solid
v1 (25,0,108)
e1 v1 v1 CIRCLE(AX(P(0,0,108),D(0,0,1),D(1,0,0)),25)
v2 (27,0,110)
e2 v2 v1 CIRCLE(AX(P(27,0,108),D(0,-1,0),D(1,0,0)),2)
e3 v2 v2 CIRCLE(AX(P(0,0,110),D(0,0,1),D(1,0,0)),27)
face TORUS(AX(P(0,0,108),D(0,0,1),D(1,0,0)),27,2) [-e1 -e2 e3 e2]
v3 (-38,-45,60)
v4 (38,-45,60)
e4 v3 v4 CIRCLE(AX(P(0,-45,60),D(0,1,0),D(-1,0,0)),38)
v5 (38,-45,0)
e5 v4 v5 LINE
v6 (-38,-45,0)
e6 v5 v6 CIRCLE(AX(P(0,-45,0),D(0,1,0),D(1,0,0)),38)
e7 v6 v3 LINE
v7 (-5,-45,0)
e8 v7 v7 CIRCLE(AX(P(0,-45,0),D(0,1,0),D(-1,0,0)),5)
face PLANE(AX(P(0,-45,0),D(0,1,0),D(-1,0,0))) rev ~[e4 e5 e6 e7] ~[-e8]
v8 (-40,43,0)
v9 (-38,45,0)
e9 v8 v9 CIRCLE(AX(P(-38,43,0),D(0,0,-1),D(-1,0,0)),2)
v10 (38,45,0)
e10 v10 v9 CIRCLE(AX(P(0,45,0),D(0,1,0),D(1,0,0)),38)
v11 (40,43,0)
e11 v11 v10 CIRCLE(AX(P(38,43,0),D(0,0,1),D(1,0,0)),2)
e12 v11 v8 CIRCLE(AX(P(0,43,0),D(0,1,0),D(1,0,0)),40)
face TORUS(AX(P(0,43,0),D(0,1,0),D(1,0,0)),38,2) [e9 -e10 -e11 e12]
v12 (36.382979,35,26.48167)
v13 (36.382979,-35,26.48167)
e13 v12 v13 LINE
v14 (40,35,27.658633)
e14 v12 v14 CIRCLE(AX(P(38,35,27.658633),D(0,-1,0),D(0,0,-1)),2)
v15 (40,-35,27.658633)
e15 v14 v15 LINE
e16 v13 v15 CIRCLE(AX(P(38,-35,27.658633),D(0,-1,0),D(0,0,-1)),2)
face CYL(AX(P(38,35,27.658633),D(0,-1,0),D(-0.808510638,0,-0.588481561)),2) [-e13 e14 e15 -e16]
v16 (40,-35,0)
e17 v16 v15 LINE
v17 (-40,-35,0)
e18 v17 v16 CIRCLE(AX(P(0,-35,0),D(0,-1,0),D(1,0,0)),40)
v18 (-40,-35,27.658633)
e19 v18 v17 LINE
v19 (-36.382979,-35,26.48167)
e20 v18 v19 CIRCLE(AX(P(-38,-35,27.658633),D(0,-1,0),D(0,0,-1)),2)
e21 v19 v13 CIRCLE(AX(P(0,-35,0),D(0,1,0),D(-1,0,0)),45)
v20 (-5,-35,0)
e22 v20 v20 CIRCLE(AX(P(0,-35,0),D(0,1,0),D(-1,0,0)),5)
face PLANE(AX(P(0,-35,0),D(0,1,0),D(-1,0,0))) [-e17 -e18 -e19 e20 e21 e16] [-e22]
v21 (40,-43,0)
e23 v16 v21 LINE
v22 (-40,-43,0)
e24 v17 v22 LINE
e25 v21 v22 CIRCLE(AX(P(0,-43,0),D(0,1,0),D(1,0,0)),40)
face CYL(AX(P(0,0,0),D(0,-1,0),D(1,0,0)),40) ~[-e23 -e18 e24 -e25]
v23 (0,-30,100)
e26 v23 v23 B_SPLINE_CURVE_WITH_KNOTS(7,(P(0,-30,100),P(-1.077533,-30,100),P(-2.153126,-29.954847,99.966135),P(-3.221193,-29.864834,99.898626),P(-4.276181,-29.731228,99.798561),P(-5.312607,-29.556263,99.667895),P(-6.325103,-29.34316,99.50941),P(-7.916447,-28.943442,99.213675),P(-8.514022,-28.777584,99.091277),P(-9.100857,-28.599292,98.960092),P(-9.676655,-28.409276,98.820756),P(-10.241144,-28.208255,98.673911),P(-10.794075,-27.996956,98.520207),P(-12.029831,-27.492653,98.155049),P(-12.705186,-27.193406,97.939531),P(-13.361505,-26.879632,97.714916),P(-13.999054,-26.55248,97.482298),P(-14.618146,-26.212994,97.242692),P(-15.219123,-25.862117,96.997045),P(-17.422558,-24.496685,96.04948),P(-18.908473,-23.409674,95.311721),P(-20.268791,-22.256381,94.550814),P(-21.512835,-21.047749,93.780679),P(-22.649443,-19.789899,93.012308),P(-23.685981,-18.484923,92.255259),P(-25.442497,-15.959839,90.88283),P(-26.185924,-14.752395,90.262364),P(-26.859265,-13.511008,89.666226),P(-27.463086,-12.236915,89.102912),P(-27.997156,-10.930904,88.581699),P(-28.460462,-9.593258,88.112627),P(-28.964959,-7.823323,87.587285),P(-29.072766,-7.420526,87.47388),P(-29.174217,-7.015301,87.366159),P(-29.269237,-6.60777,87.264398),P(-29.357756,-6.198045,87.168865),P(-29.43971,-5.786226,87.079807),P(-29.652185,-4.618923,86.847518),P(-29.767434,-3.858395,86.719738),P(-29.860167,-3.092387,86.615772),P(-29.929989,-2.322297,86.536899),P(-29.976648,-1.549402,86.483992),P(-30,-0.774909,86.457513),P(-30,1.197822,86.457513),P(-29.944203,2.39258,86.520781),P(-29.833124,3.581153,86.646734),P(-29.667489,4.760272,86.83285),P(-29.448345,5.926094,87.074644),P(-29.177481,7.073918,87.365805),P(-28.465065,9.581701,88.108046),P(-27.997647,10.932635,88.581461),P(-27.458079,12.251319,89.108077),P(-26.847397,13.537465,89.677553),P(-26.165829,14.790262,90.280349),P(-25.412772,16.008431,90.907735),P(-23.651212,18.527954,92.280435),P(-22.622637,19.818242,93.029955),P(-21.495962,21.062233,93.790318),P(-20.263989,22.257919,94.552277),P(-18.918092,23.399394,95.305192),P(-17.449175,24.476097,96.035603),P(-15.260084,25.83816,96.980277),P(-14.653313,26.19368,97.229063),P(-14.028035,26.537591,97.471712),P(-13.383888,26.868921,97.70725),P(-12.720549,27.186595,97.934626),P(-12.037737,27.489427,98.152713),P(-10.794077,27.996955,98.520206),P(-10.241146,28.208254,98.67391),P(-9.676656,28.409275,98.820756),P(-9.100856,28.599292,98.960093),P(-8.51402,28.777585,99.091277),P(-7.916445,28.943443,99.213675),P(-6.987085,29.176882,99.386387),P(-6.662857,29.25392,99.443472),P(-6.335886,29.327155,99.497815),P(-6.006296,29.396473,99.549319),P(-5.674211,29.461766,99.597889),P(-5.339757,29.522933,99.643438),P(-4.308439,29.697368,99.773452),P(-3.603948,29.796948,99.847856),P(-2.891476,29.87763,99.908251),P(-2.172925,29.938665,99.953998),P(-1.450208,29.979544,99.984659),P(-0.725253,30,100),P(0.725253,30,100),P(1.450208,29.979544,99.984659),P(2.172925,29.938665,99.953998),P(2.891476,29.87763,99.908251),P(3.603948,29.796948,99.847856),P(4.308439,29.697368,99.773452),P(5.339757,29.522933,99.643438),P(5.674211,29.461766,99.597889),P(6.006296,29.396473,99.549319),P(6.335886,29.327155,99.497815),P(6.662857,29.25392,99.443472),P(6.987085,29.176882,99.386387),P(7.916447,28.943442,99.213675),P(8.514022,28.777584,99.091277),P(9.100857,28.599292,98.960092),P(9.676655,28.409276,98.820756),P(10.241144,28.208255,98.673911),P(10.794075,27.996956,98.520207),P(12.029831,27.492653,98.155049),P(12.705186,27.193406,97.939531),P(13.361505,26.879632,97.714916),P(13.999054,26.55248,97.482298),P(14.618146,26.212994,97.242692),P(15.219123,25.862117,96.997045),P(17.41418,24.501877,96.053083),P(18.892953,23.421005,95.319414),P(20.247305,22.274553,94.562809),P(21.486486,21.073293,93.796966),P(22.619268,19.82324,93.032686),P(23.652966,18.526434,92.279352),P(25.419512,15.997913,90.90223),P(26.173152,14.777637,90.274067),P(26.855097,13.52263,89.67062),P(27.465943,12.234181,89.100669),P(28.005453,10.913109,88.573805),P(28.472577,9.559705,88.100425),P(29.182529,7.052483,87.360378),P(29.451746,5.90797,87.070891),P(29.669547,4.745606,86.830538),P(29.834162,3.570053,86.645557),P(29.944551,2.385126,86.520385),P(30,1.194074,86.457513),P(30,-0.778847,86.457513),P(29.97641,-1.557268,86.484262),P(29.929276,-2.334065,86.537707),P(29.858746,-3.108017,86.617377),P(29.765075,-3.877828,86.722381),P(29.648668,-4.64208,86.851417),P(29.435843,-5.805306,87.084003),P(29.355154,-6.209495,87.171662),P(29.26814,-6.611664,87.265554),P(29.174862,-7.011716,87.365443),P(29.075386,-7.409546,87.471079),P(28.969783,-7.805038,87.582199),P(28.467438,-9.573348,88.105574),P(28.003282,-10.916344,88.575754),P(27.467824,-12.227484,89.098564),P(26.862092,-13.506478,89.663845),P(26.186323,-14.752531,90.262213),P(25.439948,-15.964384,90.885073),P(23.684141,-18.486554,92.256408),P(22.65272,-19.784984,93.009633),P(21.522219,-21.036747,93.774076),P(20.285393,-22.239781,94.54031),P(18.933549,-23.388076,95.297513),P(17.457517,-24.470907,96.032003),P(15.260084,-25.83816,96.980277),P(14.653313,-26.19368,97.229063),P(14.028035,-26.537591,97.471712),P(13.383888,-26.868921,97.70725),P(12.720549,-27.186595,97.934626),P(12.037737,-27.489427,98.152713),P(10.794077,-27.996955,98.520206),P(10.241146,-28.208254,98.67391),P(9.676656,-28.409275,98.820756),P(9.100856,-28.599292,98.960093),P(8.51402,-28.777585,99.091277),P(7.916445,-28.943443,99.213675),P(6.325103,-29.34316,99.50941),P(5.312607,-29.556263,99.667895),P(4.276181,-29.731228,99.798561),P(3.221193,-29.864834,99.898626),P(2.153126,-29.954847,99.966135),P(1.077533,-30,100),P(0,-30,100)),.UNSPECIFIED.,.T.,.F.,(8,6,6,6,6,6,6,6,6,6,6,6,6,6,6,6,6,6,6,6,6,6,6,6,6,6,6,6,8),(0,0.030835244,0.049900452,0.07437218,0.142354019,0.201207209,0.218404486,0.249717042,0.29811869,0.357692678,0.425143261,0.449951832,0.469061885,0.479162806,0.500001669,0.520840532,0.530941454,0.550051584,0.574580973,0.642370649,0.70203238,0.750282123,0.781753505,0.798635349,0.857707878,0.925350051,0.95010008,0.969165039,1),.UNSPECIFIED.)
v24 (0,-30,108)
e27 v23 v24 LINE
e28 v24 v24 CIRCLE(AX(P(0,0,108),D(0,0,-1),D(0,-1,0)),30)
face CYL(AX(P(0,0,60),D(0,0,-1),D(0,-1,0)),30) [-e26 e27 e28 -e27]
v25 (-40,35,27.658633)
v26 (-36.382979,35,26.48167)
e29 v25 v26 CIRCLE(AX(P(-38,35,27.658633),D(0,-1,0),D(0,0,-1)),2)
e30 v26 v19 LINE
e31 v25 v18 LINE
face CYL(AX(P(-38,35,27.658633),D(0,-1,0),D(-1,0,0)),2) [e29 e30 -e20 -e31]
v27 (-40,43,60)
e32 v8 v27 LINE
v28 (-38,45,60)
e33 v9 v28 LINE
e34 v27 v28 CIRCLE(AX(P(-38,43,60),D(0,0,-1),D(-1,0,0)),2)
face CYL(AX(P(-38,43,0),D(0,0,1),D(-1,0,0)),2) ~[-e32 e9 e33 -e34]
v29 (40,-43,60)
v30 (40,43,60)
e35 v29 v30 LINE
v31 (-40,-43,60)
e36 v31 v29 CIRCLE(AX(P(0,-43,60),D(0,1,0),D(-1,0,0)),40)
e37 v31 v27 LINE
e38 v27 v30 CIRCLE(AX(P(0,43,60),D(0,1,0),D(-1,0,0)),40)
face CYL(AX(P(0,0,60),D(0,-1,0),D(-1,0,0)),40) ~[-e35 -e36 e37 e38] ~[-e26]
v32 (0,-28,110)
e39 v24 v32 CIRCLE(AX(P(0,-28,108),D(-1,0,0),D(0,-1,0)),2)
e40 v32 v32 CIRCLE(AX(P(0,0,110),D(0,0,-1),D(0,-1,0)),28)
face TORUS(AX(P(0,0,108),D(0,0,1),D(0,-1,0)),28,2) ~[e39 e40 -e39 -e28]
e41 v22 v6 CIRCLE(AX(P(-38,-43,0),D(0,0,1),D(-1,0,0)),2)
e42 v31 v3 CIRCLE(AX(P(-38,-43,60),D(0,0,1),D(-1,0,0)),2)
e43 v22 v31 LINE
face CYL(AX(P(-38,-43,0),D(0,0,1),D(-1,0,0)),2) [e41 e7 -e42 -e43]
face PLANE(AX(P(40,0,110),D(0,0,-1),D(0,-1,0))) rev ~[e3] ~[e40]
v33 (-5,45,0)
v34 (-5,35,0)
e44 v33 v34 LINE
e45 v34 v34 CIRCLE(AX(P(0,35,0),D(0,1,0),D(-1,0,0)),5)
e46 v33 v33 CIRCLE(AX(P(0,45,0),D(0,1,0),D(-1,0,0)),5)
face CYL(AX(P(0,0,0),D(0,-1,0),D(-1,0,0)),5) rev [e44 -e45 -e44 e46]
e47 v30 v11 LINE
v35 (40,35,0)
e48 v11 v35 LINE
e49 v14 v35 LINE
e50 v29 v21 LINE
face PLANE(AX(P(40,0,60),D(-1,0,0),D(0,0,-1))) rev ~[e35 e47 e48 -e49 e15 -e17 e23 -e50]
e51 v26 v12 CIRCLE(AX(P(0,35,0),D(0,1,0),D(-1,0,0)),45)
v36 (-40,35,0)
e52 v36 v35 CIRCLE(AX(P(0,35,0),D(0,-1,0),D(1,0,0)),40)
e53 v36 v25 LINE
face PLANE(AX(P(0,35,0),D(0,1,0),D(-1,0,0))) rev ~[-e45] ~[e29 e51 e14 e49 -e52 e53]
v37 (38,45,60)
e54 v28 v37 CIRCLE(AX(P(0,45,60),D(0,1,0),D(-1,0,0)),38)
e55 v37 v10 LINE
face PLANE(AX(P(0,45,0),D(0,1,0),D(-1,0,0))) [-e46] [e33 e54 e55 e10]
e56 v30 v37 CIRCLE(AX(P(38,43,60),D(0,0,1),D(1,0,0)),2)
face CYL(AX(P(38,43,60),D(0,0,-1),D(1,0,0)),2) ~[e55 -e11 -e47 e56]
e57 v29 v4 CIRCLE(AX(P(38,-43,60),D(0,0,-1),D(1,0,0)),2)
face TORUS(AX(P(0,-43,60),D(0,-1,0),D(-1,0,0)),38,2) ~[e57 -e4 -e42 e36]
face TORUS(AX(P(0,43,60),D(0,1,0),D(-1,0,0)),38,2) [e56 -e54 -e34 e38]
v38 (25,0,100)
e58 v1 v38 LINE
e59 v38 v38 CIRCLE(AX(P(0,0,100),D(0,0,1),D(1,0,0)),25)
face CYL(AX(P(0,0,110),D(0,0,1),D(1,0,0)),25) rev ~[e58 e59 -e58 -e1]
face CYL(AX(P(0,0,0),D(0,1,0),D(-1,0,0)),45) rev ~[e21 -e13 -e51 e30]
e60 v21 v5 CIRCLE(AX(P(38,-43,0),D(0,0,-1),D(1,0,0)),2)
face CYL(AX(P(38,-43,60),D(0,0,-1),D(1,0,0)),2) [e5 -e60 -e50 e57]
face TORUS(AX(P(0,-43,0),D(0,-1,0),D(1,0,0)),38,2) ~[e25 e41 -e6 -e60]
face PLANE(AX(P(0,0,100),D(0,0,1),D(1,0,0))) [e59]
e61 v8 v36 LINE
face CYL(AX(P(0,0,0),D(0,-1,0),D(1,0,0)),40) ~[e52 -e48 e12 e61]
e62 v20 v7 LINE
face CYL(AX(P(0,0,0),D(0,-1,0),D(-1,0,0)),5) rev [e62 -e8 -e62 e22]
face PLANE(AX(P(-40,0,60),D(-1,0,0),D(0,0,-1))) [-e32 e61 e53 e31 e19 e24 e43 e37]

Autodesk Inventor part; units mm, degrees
ref_plane "YZ Plane" through (0, 0, 0) normal (1, 0, 0) x (0, 1, 0)
ref_plane "XZ Plane" through (0, 0, 0) normal (0, 1, 0) x (-1, 0, 0)
sketch "Sketch1" plane through (0, 0, 0) normal (0, 1, 0) x (-1, 0, 0)
  arc A0 (26.4575, 30) -> (-26.4575, 30) centre (0, 0) ccw construction
  arc A1 (40, 60) -> (-40, 60) centre (0, 60) ccw
  line L0 (0, 100) -> (0, 0) construction
  line L1 (40, 60) -> (40, 0)
  line L2 (-40, 60) -> (-40, 0)
  arc A2 (26.4575, 30) -> (40, 60) centre (0, 60) ccw construction
  arc A3 (40, 0) -> (26.4575, 30) centre (0, 0) ccw construction
  arc A4 (-40, 60) -> (26.4575, 30) centre (0, 60) ccw construction
  arc A5 (-26.4575, 30) -> (-40, 0) centre (0, 0) ccw construction
  arc A6 (-40, 0) -> (40, 0) centre (0, 0) ccw
  circle A7 centre (0, 0) radius 5
  dimension "d0" = 80
  dimension "d1" = 80
  dimension "d2" = 100
  dimension "d3" = 10
extrude "Extrusion1" add sketch "Sketch1" along normal mid plane 90
sketch "Sketch2" plane through (0, 0, 0) normal (0, 1, 0) x (-1, 0, 0)
  circle A0 centre (0, 0) radius 5 projected
  circle A1 centre (0, 0) radius 45
  dimension "d6" = 90
extrude "Extrusion2" cut sketch "Sketch2" along normal mid plane 70
fillet "Fillet1" radius 2 10 edges at (40, 0, 20.6155) (-40, 0, 20.6155) (0, 45, -40) (-40, 45, 30) (0, 45, 100) (40, 45, 30) (0, -45, 100) (-40, -45, 30) (0, -45, -40) (40, -45, 30)
ref_plane "Work Plane1" through (40, 0, 60) normal (0, 0, -1) x (0, -1, 0)
sketch "Sketch3" plane through (40, 0, 60) normal (0, 0, -1) x (0, -1, 0)
  circle A0 centre (0, 40) radius 30
  line L0 (0, 40) -> (0, 40)
  dimension "d10" = 60
  dimension "d11" = 0
extrude "Extrusion3" add sketch "Sketch3" against normal blind 50
sketch "Sketch4" plane through (0, 0, 110) normal (0, 0, 1) x (1, 0, 0)
  circle A0 centre (0, 0) radius 30 projected
  circle A1 centre (0, 0) radius 25
  point P0 (0, 0)
  dimension "d14" = 50
extrude "Extrusion4" cut sketch "Sketch4" against normal blind 10 contours A1
fillet "Fillet2" radius 2 2 edges at (0, 30, 110) (-25, 0, 110)
properties part number "Wirst2_V0.4"
